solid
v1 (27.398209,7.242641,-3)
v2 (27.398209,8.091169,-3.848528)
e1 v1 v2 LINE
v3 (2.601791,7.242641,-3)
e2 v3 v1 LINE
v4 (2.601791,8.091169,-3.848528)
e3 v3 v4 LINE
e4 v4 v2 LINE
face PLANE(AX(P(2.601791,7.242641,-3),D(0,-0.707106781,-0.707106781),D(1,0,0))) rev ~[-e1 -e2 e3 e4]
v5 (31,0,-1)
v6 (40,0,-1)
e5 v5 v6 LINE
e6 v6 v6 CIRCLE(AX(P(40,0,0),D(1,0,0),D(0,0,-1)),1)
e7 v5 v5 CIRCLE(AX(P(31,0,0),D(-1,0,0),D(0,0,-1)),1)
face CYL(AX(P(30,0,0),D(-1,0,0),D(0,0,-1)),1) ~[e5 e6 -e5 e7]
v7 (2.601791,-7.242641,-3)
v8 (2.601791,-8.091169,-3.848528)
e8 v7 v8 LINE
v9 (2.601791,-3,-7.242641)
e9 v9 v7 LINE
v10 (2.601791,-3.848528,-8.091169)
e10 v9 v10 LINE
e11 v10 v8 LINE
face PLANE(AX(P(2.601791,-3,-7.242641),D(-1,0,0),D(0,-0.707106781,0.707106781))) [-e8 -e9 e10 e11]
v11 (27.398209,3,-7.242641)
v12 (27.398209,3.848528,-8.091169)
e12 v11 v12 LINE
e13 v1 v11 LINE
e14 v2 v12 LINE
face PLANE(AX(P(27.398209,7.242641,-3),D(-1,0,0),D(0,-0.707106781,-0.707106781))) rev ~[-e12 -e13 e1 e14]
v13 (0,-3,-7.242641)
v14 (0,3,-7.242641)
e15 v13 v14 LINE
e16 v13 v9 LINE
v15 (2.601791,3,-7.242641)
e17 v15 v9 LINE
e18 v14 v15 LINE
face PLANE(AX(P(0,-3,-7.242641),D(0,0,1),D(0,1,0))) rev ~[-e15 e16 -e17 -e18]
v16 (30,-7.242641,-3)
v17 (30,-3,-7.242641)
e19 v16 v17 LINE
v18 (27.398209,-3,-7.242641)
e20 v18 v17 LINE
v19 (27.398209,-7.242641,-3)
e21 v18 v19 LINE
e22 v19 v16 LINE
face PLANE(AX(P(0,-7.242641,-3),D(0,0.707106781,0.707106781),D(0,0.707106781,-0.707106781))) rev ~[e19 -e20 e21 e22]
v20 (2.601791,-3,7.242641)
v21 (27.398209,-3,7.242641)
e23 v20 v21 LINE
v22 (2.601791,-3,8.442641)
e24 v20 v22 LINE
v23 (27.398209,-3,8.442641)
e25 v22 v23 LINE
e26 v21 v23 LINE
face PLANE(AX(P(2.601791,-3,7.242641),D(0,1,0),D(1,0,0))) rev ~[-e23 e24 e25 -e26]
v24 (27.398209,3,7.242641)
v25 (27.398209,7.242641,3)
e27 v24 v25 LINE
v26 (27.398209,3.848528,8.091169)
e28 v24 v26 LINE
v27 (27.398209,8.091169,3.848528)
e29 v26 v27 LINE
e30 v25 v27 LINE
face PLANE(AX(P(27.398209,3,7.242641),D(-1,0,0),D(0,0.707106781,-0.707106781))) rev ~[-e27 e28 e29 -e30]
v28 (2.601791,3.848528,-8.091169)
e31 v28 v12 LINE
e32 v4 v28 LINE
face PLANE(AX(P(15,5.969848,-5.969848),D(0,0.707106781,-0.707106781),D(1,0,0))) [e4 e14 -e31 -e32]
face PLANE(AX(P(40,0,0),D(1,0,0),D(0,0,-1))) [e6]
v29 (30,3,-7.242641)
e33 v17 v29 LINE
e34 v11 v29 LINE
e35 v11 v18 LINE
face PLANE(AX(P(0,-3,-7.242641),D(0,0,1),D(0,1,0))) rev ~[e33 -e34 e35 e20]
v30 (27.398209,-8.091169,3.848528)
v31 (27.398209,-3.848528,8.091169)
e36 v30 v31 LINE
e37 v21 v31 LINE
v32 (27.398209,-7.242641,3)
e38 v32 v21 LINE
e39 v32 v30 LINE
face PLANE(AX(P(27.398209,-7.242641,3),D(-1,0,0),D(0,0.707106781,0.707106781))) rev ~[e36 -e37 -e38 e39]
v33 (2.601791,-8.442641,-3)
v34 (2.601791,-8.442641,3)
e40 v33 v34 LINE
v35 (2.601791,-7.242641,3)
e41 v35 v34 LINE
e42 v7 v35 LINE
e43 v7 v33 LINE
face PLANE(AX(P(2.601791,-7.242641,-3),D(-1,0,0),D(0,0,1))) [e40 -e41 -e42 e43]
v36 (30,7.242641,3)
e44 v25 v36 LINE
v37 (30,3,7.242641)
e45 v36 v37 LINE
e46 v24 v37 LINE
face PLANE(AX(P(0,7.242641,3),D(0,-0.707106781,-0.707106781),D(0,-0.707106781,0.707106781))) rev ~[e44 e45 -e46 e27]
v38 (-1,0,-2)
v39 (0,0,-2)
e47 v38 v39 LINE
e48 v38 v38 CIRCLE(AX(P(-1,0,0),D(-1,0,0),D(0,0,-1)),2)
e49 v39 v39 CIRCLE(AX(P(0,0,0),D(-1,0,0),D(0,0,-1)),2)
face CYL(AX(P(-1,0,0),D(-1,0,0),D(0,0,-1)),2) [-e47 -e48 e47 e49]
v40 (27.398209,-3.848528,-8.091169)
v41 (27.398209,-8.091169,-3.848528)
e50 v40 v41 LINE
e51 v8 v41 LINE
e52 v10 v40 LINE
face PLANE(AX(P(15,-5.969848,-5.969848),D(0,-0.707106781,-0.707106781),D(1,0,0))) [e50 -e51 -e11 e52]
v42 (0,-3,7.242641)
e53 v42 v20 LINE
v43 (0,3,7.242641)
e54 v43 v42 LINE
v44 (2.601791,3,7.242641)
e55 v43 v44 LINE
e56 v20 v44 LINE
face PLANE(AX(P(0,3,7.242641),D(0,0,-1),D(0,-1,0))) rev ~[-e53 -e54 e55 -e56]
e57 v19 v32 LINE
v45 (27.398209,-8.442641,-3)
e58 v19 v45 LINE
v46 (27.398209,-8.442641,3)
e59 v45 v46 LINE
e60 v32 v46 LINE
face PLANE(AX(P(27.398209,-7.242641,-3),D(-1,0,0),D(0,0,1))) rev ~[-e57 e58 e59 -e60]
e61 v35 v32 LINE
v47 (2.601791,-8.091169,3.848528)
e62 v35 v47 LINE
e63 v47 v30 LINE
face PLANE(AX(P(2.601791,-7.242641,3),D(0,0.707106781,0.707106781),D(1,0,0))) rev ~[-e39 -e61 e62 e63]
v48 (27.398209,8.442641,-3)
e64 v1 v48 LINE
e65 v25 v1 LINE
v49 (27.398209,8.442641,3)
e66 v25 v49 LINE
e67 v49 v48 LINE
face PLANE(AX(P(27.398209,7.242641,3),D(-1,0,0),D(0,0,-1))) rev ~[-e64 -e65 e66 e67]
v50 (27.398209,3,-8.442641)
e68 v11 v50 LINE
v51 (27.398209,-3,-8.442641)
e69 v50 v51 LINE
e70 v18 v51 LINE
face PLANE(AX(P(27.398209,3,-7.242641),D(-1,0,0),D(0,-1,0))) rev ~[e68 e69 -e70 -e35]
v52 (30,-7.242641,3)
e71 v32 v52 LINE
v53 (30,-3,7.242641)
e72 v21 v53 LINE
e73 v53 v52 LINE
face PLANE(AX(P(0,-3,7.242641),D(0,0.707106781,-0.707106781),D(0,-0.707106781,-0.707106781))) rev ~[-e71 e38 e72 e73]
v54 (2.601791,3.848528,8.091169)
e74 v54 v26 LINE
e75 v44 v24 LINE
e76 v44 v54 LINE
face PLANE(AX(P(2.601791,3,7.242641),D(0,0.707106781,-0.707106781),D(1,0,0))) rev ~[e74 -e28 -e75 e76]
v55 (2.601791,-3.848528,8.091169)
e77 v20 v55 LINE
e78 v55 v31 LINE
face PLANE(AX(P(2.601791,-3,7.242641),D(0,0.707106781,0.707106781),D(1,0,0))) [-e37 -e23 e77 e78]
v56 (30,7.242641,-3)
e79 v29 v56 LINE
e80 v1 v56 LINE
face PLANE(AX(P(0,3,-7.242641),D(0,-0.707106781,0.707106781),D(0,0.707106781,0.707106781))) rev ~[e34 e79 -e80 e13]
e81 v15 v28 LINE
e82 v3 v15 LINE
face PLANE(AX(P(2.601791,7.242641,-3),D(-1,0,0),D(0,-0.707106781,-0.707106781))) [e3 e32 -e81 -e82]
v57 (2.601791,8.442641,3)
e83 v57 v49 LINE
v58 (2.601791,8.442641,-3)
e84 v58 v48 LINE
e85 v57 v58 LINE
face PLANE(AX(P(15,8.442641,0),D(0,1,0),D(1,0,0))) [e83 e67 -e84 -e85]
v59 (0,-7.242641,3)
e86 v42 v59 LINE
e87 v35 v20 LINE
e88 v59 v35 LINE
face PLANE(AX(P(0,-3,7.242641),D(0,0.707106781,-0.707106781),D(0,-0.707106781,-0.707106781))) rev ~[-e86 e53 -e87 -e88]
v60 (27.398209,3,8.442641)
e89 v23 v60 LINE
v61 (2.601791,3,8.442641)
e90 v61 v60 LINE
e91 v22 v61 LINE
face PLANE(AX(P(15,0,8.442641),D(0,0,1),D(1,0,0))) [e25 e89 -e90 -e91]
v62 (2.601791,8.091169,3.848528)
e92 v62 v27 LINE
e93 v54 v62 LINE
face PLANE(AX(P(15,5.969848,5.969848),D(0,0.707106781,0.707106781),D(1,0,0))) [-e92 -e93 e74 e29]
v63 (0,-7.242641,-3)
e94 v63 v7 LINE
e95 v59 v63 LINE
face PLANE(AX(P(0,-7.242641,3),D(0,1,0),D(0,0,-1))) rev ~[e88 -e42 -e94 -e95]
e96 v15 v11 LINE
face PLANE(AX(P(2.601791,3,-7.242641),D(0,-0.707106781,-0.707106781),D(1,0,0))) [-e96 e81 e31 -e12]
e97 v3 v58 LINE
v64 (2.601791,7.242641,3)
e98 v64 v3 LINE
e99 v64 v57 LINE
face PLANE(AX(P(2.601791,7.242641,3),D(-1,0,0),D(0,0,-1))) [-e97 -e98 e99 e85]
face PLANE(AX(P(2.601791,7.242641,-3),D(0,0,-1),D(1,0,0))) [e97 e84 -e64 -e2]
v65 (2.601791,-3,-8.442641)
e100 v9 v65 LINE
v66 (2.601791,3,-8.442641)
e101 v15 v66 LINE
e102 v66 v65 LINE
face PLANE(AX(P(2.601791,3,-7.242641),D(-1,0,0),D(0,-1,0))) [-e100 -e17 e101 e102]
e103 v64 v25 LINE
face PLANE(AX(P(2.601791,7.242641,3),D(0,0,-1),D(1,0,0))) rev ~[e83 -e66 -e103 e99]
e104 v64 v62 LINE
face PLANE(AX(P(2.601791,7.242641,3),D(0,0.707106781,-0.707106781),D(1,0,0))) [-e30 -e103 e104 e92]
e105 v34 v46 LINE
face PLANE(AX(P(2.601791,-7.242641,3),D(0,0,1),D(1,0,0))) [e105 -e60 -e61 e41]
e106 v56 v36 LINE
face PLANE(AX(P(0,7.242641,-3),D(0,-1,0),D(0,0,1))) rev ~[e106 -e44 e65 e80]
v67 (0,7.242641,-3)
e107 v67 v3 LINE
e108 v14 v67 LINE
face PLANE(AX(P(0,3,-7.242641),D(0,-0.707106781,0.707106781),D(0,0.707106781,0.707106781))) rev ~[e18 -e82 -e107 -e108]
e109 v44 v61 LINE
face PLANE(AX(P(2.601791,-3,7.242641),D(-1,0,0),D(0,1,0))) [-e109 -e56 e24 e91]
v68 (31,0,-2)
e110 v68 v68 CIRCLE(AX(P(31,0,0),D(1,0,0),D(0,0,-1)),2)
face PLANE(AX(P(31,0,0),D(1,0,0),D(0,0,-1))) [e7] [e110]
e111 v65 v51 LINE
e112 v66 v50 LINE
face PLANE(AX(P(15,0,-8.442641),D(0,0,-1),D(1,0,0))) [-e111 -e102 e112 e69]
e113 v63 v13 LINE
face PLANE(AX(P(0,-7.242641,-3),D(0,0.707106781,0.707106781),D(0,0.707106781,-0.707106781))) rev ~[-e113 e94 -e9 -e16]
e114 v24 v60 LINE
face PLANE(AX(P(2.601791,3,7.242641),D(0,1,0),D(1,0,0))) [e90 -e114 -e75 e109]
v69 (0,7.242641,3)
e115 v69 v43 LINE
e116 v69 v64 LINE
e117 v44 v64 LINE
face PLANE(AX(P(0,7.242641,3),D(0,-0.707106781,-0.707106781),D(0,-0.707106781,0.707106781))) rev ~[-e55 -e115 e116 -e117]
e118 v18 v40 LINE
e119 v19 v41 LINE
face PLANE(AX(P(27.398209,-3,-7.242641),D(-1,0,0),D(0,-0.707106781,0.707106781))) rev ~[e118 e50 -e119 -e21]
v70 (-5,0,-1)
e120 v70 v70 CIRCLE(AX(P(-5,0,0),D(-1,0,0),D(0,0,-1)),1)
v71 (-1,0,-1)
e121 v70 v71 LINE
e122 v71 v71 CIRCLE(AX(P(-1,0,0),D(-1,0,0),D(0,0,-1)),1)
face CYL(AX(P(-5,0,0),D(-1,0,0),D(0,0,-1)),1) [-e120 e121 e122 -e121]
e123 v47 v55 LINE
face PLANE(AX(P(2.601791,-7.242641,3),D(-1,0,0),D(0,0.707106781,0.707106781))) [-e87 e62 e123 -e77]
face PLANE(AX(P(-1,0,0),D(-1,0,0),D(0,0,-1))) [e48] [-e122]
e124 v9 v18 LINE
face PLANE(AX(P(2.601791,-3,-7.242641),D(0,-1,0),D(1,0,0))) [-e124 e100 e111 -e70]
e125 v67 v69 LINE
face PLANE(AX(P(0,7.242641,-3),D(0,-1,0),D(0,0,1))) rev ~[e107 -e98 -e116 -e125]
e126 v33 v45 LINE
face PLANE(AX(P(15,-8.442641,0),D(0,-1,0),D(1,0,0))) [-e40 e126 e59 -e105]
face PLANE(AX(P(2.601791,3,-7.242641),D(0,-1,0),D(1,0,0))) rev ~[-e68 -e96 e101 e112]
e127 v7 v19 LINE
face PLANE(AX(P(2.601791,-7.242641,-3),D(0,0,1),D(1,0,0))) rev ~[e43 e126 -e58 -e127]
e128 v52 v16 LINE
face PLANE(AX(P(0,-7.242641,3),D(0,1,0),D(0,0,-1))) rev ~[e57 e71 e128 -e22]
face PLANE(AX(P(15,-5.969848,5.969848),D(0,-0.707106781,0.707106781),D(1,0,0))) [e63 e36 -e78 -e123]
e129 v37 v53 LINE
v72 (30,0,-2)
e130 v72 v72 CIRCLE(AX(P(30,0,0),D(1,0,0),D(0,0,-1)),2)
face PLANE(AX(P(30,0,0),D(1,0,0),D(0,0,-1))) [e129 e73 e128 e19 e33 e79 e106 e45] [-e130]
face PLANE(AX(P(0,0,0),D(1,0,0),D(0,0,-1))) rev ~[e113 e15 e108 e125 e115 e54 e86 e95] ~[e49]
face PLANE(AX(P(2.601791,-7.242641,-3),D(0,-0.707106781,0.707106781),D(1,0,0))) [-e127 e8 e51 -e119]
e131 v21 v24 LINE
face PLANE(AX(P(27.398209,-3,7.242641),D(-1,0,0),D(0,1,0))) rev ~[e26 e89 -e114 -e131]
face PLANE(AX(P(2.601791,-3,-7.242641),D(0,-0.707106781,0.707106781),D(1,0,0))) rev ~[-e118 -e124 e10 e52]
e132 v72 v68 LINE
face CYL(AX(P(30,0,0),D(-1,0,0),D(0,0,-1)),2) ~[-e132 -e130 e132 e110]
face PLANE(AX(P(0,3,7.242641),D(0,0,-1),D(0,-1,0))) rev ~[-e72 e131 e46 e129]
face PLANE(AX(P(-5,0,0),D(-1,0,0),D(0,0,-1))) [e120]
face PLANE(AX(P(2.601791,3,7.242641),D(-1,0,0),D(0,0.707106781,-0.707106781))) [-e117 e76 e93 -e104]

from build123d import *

# Parameters (mm, degrees)
EXTRUDE_1_DEPTH          = 30
SKETCH_4_R               = 1
EXTRUDE_2_DEPTH          = 10
SKETCH_5_R               = 2
EXTRUDE_3_DEPTH          = 1
EXTRUDE_START            = 5
SKETCH_6_R               = 1
EXTRUDE_4_DEPTH          = 5
EXTRUDE_START_2          = 1
SKETCH_7_R               = 2
EXTRUDE_5_DEPTH          = 1
SKETCH_8_W               = 24.796417242
SKETCH_8_H               = 6
EXTRUDE_6_DEPTH          = 1.2
PATTERN_CIRCULAR_1_COUNT = 8


with BuildPart() as part:
    # 草图1 → 凸台-拉伸1 (new body)
    with BuildSketch(Plane(origin=(0, 0, 0), x_dir=(0, 0, -1), z_dir=(1, 0, 0))):
        Polygon((7.242640687, -3), (7.242640687, 3), (3, 7.242640687), (-3, 7.242640687), (-7.242640687, 3), (-7.242640687, -3), (-3, -7.242640687), (3, -7.242640687), align=None)
    extrude(amount=EXTRUDE_1_DEPTH)

    # 草图4 → 凸台-拉伸2 (add)
    with BuildSketch(Plane(origin=(30, 0, 0), x_dir=(0, 0, -1), z_dir=(1, 0, 0))):
        Circle(SKETCH_4_R)
    extrude(amount=EXTRUDE_2_DEPTH)

    # 草图5 → 凸台-拉伸3 (add)
    with BuildSketch(Plane(origin=(30, 0, 0), x_dir=(0, 0, -1), z_dir=(1, 0, 0))):
        Circle(SKETCH_5_R)
    extrude(amount=EXTRUDE_3_DEPTH)

    # 草图6 → 凸台-拉伸4 (add)
    with BuildSketch(Plane.ZY.offset(EXTRUDE_START)):
        with Locations(Location((0, 0, 0), (0, 0, 180))):
            Circle(SKETCH_6_R)
    extrude(amount=-EXTRUDE_4_DEPTH)

    # 草图7 → 凸台-拉伸5 (add)
    with BuildSketch(Plane.ZY.offset(EXTRUDE_START_2)):
        with Locations(Location((0, 0, 0), (0, 0, 180))):
            Circle(SKETCH_7_R)
    extrude(amount=-EXTRUDE_5_DEPTH)

    # 草图8 → 凸台-拉伸6 (add)
    with BuildSketch(Plane(origin=(0, 7.242640687, 0), x_dir=(1, 0, 0), z_dir=(0, 1, 0))):
        with Locations((15, 0)):
            Rectangle(SKETCH_8_W, SKETCH_8_H)
    extrude_6 = extrude(amount=EXTRUDE_6_DEPTH)

    # 阵列(圆周)1: 凸台-拉伸6 ×8 about axis
    pattern_circular_1_axis = Axis((0, 0, 0), (1, 0, 0))
    for i in range(1, PATTERN_CIRCULAR_1_COUNT):
        add(extrude_6.rotate(pattern_circular_1_axis, i * 360 / PATTERN_CIRCULAR_1_COUNT))


solid = part.part
